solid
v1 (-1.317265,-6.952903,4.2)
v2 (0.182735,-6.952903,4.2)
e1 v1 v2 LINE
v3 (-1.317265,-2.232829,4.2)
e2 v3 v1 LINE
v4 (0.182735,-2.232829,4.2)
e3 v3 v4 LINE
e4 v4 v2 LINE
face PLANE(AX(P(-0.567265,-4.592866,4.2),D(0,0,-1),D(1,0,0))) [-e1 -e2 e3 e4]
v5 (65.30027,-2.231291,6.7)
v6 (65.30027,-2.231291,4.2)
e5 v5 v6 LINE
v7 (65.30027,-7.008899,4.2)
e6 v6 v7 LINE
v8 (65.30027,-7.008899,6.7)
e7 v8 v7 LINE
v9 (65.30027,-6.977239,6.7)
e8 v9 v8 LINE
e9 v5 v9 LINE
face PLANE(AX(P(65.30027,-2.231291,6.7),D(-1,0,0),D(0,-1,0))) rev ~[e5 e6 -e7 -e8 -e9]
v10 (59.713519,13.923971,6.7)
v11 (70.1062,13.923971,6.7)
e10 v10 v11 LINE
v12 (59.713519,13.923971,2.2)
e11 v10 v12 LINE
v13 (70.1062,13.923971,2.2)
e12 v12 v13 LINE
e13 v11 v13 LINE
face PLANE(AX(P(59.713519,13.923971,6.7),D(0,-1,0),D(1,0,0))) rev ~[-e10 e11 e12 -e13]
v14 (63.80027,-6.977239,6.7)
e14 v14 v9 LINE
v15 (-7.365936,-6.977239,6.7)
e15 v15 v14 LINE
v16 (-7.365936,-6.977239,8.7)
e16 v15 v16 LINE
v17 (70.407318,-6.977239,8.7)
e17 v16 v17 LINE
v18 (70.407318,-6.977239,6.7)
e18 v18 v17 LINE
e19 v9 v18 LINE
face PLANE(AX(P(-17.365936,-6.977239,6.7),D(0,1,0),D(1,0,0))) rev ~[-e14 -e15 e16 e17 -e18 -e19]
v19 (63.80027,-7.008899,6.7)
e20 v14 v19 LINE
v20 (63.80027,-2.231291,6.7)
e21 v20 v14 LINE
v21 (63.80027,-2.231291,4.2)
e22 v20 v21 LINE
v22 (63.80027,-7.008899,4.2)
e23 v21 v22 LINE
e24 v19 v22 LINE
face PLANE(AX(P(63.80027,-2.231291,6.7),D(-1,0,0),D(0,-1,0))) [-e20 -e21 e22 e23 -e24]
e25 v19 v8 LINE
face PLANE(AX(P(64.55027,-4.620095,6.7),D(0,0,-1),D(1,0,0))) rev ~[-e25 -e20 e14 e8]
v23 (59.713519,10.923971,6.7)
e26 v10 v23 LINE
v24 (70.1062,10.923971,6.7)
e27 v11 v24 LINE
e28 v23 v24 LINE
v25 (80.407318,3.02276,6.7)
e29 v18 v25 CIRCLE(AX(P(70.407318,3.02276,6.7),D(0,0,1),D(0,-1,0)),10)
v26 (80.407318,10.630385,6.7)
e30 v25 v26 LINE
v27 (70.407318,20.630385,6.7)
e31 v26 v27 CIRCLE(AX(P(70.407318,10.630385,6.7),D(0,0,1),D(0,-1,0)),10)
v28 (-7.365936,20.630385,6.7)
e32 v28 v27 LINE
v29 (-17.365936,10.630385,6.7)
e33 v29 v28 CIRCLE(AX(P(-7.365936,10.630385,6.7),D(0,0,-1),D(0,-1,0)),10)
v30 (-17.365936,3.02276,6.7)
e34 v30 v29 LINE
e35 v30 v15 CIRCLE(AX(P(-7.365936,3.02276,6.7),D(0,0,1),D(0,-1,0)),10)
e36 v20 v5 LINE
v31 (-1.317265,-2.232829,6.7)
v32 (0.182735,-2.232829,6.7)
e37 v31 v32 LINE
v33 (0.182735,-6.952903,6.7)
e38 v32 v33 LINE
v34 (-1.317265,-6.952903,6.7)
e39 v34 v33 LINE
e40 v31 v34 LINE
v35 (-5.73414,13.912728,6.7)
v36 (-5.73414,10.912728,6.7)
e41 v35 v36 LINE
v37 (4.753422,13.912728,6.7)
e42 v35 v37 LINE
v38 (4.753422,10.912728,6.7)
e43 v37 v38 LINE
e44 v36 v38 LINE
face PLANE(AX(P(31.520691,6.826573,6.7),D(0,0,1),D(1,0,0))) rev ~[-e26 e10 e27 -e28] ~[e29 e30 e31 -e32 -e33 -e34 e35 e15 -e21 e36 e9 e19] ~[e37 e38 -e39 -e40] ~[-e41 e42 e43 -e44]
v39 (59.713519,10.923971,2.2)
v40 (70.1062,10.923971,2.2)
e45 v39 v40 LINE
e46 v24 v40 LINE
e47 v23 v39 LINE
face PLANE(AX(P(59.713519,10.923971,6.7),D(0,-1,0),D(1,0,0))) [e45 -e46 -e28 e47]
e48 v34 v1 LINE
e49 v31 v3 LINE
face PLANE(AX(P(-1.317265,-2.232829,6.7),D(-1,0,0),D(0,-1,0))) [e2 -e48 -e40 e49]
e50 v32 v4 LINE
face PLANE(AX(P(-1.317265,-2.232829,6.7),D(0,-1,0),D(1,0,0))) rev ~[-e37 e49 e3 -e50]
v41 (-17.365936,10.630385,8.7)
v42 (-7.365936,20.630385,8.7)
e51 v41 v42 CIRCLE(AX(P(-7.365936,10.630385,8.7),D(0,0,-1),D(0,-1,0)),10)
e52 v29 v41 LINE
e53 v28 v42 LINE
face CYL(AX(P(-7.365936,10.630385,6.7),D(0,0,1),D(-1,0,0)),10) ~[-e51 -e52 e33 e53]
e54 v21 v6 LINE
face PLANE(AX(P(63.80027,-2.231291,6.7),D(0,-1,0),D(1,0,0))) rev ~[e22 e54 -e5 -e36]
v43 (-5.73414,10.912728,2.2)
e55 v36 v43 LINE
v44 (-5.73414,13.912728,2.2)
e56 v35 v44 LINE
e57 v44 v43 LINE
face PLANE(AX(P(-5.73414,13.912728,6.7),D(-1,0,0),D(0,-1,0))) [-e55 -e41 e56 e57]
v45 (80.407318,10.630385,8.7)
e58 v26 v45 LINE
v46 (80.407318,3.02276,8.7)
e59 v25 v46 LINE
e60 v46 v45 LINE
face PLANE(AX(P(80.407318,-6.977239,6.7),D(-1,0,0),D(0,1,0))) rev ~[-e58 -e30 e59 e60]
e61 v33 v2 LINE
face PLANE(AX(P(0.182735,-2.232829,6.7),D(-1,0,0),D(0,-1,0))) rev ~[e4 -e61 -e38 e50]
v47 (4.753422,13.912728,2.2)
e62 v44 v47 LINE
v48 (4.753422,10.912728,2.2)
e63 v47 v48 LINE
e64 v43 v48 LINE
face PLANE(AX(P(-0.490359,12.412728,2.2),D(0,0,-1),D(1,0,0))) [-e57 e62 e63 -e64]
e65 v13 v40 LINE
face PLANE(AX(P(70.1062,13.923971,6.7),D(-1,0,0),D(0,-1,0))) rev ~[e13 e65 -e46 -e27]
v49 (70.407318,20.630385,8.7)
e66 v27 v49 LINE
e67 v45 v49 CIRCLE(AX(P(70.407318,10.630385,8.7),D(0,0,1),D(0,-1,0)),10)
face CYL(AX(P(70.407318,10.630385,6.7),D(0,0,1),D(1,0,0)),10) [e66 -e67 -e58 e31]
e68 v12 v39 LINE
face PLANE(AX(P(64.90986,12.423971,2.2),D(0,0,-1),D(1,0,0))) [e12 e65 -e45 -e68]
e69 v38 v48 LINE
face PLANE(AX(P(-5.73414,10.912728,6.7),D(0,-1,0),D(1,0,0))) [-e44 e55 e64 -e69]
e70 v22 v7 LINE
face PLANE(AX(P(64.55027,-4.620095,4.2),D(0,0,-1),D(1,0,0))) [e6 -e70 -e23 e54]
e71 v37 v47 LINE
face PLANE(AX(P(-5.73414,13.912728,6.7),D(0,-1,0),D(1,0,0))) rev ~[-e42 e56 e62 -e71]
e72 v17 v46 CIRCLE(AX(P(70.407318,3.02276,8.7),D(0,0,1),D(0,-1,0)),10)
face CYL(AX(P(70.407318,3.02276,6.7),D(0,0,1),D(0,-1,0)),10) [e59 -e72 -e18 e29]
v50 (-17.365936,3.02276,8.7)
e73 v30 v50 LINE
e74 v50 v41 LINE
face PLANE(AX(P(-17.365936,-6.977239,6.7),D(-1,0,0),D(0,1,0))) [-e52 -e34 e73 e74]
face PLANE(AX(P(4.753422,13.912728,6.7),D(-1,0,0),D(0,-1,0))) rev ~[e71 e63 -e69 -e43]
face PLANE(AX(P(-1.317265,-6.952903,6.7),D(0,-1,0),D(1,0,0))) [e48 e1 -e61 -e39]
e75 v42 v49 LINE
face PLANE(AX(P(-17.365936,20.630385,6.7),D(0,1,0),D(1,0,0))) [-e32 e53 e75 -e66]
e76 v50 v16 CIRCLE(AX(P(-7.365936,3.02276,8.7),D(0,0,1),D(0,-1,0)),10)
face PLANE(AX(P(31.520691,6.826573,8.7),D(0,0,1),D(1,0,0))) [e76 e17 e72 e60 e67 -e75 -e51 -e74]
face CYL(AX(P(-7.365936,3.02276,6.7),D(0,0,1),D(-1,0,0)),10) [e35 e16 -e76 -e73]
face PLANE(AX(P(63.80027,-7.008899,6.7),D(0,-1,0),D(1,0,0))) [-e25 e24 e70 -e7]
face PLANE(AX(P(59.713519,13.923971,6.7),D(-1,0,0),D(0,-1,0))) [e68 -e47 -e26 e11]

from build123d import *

# Parameters (mm, degrees)
SKETCH009_W   = 97.773254
SKETCH009_H   = 27.607625
PAD006_DEPTH  = 2
FILLET003_R   = 10
SKETCH010_W   = 1.5
SKETCH010_H   = 4.720073
SKETCH010_H_2 = 4.777608
PAD007_DEPTH  = 2.5
SKETCH011_W   = 10.487562
SKETCH011_H   = 3
SKETCH011_W_2 = 10.392681
PAD008_DEPTH  = 4.5


with BuildPart() as part:
    # Sketch009 → Pad006 (new body)
    with BuildSketch(Plane.XY):
        with Locations((31.520691, 6.826573)):
            Rectangle(SKETCH009_W, SKETCH009_H)
    extrude(amount=PAD006_DEPTH)

    # Fillet003
    fillet003_edges = [part.edges().sort_by_distance(p)[0] for p in [
        (-17.365936, -6.977239, 1),
        (80.407318, -6.977239, 1),
        (80.407318, 20.630386, 1),
        (-17.365936, 20.630386, 1),
    ]]
    fillet(fillet003_edges, radius=FILLET003_R)

    # Sketch010 (on Face2 of Fillet003) → Pad007 (join)
    with BuildSketch(Plane(origin=(0, 0, 0), x_dir=(1, 0, 0), z_dir=(0, 0, -1))):
        with Locations((-0.567265, 4.592866)):
            Rectangle(SKETCH010_W, SKETCH010_H)
        with Locations((64.55027, 4.620095)):
            Rectangle(SKETCH010_W, SKETCH010_H_2)
    extrude(amount=PAD007_DEPTH)

    # Sketch011 (on Face2 of Pad007) → Pad008 (join)
    with BuildSketch(Plane(origin=(0, 0, 0), x_dir=(1, 0, 0), z_dir=(0, 0, -1))):
        with Locations((-0.490359, -12.412728)):
            Rectangle(SKETCH011_W, SKETCH011_H)
        with Locations((64.90986, -12.423971)):
            Rectangle(SKETCH011_W_2, SKETCH011_H)
    extrude(amount=PAD008_DEPTH)


with BuildPart() as part_1:
    # Body004 placement: moved
    add(part.part.moved(Location((0, 0, 6.7))))


solid = part_1.part
